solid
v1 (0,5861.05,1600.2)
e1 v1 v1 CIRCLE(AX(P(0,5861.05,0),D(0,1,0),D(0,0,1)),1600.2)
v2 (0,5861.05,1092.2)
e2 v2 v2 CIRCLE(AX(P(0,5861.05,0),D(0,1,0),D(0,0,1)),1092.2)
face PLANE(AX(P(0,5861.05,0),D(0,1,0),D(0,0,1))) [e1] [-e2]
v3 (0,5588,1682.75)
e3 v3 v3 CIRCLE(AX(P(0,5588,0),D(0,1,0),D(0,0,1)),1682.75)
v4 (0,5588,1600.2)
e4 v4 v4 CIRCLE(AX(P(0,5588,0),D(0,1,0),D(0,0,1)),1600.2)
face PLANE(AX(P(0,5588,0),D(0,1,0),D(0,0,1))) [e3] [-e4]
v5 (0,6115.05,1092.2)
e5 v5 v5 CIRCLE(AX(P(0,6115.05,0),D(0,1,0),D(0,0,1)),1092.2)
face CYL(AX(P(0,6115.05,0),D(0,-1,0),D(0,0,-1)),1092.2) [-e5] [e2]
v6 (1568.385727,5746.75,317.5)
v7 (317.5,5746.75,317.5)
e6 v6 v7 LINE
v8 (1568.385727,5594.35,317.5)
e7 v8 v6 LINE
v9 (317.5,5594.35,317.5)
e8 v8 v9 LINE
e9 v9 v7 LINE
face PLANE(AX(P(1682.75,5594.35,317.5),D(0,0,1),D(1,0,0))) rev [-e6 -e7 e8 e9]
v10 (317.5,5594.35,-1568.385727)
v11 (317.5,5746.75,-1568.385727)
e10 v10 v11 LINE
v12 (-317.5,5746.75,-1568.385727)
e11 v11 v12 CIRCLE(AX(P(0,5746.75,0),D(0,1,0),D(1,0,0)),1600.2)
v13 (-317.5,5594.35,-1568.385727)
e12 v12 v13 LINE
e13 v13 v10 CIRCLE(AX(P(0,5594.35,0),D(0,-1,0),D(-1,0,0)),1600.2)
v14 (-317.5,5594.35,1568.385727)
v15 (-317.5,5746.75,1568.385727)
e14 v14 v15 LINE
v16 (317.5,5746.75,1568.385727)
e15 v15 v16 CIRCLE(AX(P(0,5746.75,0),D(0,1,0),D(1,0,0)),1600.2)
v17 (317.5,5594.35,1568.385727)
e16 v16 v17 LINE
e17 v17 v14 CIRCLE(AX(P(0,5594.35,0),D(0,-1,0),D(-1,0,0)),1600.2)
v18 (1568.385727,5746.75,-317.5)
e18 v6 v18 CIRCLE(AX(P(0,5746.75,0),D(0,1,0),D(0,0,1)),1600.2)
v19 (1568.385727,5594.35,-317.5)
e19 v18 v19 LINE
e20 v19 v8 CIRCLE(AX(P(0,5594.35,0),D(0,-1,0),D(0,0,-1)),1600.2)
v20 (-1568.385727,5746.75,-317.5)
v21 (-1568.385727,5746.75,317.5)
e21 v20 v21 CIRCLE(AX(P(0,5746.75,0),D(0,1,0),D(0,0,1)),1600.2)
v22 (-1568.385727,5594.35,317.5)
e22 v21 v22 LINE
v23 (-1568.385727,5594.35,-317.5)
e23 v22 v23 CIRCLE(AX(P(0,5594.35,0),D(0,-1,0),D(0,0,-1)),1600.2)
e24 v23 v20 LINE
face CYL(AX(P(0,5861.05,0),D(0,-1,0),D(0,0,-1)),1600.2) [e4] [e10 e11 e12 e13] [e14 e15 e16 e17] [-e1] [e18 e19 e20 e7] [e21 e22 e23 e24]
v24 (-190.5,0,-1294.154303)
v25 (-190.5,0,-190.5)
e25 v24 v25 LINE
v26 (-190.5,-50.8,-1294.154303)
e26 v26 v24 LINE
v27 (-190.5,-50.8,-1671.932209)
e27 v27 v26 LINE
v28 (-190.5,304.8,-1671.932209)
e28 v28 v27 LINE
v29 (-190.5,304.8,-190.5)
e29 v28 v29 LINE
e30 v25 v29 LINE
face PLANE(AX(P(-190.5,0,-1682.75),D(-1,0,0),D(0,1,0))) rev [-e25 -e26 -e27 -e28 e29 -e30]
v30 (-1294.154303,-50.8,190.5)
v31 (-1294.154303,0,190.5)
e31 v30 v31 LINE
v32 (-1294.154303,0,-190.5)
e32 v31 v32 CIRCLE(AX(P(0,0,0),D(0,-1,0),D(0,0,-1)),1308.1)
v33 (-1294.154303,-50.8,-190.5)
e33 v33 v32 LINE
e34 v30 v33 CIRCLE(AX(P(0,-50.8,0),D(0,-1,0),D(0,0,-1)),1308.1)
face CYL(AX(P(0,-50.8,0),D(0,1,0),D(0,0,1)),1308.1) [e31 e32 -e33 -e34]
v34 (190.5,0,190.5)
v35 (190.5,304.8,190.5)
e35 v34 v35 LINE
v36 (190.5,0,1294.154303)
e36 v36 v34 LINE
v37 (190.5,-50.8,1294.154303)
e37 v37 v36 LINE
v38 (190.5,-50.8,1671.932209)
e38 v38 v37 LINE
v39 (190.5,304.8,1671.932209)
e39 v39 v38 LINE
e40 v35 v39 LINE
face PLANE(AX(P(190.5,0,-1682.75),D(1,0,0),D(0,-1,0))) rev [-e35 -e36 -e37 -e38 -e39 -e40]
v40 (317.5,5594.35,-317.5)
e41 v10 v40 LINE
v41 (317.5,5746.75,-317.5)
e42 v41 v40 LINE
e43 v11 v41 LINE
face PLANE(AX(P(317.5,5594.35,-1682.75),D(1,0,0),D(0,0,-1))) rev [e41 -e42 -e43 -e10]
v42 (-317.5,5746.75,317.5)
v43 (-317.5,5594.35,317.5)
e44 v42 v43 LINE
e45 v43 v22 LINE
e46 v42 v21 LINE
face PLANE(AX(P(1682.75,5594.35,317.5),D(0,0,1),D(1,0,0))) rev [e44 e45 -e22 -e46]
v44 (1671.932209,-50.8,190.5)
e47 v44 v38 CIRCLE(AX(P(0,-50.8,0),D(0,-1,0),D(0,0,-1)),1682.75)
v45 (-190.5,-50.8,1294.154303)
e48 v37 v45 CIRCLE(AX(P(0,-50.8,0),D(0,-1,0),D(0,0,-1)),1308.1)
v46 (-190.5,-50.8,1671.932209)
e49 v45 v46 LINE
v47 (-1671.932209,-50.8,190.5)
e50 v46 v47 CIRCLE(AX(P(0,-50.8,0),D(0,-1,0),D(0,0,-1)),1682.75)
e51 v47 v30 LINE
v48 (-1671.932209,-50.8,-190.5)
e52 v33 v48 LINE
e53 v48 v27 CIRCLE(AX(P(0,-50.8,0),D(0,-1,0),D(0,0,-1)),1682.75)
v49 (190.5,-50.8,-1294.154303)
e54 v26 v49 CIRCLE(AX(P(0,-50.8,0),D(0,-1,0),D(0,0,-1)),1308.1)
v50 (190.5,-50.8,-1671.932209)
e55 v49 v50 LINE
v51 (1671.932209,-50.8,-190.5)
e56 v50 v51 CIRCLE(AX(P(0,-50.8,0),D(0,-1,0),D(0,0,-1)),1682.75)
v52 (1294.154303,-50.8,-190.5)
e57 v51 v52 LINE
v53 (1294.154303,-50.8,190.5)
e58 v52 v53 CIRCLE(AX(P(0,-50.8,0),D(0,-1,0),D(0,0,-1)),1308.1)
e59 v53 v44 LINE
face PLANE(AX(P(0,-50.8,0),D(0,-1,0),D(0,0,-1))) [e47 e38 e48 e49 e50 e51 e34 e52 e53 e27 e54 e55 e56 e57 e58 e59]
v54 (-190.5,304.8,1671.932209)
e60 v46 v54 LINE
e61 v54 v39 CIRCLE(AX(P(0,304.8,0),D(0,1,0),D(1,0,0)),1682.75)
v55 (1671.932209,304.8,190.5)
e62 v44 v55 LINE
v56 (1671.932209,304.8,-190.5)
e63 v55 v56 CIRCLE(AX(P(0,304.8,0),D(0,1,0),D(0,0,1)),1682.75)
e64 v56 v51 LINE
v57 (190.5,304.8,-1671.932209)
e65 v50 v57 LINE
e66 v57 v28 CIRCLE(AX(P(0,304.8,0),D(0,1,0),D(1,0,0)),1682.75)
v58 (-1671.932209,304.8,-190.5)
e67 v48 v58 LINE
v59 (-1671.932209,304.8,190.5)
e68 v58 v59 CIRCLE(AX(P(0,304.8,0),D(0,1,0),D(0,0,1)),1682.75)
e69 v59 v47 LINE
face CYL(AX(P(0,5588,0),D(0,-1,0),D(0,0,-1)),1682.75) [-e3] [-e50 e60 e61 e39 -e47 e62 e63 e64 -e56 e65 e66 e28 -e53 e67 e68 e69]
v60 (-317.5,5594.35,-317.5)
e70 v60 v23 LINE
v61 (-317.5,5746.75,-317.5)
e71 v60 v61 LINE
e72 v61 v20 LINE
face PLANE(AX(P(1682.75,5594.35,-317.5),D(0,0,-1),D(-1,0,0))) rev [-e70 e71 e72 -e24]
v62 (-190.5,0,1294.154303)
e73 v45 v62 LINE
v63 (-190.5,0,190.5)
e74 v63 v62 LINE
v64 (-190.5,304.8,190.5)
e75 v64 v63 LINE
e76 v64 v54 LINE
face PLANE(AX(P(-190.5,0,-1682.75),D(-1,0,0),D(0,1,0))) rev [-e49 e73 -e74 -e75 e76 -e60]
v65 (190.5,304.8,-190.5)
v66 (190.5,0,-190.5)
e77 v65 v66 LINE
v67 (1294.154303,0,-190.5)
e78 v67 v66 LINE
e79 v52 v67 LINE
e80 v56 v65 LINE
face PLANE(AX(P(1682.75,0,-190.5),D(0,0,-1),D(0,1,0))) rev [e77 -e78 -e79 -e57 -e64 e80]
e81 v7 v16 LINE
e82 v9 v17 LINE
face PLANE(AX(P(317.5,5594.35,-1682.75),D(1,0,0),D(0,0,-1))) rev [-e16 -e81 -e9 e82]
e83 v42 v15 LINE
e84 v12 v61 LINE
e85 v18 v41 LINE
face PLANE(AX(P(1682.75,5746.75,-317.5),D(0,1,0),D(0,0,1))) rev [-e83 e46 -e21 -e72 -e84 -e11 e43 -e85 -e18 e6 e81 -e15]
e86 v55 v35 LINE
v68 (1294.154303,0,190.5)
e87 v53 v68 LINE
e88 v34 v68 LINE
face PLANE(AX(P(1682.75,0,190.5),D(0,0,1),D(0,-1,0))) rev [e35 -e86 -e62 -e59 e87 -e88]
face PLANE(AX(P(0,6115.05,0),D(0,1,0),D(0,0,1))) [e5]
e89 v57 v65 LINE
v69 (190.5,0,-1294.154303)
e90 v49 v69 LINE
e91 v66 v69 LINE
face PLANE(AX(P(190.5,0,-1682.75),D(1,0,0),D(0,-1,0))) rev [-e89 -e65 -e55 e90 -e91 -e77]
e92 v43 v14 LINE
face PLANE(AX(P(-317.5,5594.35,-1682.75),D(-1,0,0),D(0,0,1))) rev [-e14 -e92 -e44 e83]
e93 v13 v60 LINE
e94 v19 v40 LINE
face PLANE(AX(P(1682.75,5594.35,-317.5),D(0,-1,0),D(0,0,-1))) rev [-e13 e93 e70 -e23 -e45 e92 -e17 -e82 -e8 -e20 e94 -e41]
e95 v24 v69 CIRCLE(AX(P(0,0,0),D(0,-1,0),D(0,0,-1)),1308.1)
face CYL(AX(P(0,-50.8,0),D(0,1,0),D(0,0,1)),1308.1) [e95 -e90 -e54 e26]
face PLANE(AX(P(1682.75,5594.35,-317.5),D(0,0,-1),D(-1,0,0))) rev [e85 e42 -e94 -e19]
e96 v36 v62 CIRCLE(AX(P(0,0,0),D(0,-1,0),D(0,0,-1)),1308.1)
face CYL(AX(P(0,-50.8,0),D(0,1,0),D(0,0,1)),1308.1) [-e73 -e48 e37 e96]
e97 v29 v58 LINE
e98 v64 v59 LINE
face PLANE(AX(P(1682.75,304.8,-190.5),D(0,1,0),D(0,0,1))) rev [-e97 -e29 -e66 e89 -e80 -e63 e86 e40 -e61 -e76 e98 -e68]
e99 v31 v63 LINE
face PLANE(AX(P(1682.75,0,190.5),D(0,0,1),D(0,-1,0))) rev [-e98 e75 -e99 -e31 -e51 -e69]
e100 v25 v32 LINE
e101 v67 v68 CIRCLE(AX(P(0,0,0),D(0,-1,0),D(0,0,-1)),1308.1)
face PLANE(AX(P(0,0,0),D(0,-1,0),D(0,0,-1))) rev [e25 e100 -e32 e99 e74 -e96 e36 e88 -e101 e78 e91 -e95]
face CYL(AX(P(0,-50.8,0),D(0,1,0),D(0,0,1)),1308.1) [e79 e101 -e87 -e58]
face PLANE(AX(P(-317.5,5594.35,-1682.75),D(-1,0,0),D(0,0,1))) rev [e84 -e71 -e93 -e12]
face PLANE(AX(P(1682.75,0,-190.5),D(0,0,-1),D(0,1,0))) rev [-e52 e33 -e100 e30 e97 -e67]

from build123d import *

# Parameters (mm, degrees)
SKETCH1_R           = 1682.75
BOSS_EXTRUDE1_DEPTH = 5588
SKETCH2_R           = 1600.2
BOSS_EXTRUDE2_DEPTH = 273.05
SKETCH3_R           = 1092.2
BOSS_EXTRUDE3_DEPTH = 254
SKETCH4_W           = 381
SKETCH4_H           = 304.8
CUT_EXTRUDE1_DEPTH  = 7180.97731995
CIRPATTERN1_COUNT   = 2
CIRPATTERN1_ANGLE   = 90
SKETCH5_W           = 635
SKETCH5_H           = 152.4
CUT_EXTRUDE2_DEPTH  = 7180.97731995
CIRPATTERN2_COUNT   = 2
CIRPATTERN2_ANGLE   = 90
BOSS_EXTRUDE4_START = 50.8
BOSS_EXTRUDE4_DEPTH = 50.8


with BuildPart() as part:
    # Sketch1 → Boss-Extrude1 (new body)
    with BuildSketch(Plane(origin=(0, 0, 0), x_dir=(1, 0, 0), z_dir=(0, 1, 0))):
        with Locations(Location((0, 0, 0), (0, 0, 270))):
            Circle(SKETCH1_R)
    extrude(amount=BOSS_EXTRUDE1_DEPTH)

    # Sketch2 → Boss-Extrude2 (add)
    with BuildSketch(Plane(origin=(0, 5588, 0), x_dir=(1, 0, 0), z_dir=(0, 1, 0))):
        with Locations(Location((0, 0, 0), (0, 0, 270))):
            Circle(SKETCH2_R)
    extrude(amount=BOSS_EXTRUDE2_DEPTH)

    # Sketch3 → Boss-Extrude3 (add)
    with BuildSketch(Plane(origin=(0, 5861.05, 0), x_dir=(1, 0, 0), z_dir=(0, 1, 0))):
        with Locations(Location((0, 0, 0), (0, 0, 270))):
            Circle(SKETCH3_R)
    extrude(amount=BOSS_EXTRUDE3_DEPTH)

    # Sketch4 → Cut-Extrude1 (cut, through all)
    with BuildSketch(Plane.ZY.offset(1682.75)):
        with Locations((0, 152.4)):
            Rectangle(SKETCH4_W, SKETCH4_H)
    cut_extrude1 = extrude(amount=-CUT_EXTRUDE1_DEPTH, mode=Mode.SUBTRACT)

    # CirPattern1: Cut-Extrude1 ×2 about axis
    cirpattern1_axis = Axis((0, 5588, 0), (0, -1, 0))
    for i in range(1, CIRPATTERN1_COUNT):
        add(cut_extrude1.rotate(cirpattern1_axis, i * CIRPATTERN1_ANGLE / (CIRPATTERN1_COUNT - 1)), mode=Mode.SUBTRACT)

    # Sketch5 → Cut-Extrude2 (cut, through all)
    with BuildSketch(Plane.ZY.offset(1682.75)):
        with Locations((0, 5670.55)):
            Rectangle(SKETCH5_W, SKETCH5_H)
    cut_extrude2 = extrude(amount=-CUT_EXTRUDE2_DEPTH, mode=Mode.SUBTRACT)

    # CirPattern2: Cut-Extrude2 ×2 about axis
    cirpattern2_axis = Axis((0, 5588, 0), (0, -1, 0))
    for i in range(1, CIRPATTERN2_COUNT):
        add(cut_extrude2.rotate(cirpattern2_axis, i * CIRPATTERN2_ANGLE / (CIRPATTERN2_COUNT - 1)), mode=Mode.SUBTRACT)

    # Sketch6 → Boss-Extrude4 (add)
    with BuildSketch(Plane.XZ.offset(BOSS_EXTRUDE4_START)):
        with BuildLine():
            Line((-190.5, 1671.932209302), (-190.5, 1294.15430301))
            ThreePointArc((-190.5, 1294.15430301), (0, 1308.1), (190.5, 1294.15430301))
            Line((190.5, 1294.15430301), (190.5, 1671.932209302))
            ThreePointArc((190.5, 1671.932209302), (1189.883936042, 1189.883936042), (1671.932209302, 190.5))
            Line((1671.932209302, 190.5), (1294.15430301, 190.5))
            ThreePointArc((1294.15430301, 190.5), (1308.1, 0), (1294.15430301, -190.5))
            Line((1294.15430301, -190.5), (1671.932209302, -190.5))
            ThreePointArc((1671.932209302, -190.5), (1189.883936042, -1189.883936042), (190.5, -1671.932209302))
            Line((190.5, -1671.932209302), (190.5, -1294.15430301))
            ThreePointArc((190.5, -1294.15430301), (0, -1308.1), (-190.5, -1294.15430301))
            Line((-190.5, -1294.15430301), (-190.5, -1671.932209302))
            ThreePointArc((-190.5, -1671.932209302), (-1189.883936042, -1189.883936042), (-1671.932209302, -190.5))
            Line((-1671.932209302, -190.5), (-1294.15430301, -190.5))
            ThreePointArc((-1294.15430301, -190.5), (-1308.1, 0), (-1294.15430301, 190.5))
            Line((-1294.15430301, 190.5), (-1671.932209302, 190.5))
            ThreePointArc((-1671.932209302, 190.5), (-1189.883936042, 1189.883936042), (-190.5, 1671.932209302))
        make_face()
    extrude(amount=-BOSS_EXTRUDE4_DEPTH)


solid = part.part
